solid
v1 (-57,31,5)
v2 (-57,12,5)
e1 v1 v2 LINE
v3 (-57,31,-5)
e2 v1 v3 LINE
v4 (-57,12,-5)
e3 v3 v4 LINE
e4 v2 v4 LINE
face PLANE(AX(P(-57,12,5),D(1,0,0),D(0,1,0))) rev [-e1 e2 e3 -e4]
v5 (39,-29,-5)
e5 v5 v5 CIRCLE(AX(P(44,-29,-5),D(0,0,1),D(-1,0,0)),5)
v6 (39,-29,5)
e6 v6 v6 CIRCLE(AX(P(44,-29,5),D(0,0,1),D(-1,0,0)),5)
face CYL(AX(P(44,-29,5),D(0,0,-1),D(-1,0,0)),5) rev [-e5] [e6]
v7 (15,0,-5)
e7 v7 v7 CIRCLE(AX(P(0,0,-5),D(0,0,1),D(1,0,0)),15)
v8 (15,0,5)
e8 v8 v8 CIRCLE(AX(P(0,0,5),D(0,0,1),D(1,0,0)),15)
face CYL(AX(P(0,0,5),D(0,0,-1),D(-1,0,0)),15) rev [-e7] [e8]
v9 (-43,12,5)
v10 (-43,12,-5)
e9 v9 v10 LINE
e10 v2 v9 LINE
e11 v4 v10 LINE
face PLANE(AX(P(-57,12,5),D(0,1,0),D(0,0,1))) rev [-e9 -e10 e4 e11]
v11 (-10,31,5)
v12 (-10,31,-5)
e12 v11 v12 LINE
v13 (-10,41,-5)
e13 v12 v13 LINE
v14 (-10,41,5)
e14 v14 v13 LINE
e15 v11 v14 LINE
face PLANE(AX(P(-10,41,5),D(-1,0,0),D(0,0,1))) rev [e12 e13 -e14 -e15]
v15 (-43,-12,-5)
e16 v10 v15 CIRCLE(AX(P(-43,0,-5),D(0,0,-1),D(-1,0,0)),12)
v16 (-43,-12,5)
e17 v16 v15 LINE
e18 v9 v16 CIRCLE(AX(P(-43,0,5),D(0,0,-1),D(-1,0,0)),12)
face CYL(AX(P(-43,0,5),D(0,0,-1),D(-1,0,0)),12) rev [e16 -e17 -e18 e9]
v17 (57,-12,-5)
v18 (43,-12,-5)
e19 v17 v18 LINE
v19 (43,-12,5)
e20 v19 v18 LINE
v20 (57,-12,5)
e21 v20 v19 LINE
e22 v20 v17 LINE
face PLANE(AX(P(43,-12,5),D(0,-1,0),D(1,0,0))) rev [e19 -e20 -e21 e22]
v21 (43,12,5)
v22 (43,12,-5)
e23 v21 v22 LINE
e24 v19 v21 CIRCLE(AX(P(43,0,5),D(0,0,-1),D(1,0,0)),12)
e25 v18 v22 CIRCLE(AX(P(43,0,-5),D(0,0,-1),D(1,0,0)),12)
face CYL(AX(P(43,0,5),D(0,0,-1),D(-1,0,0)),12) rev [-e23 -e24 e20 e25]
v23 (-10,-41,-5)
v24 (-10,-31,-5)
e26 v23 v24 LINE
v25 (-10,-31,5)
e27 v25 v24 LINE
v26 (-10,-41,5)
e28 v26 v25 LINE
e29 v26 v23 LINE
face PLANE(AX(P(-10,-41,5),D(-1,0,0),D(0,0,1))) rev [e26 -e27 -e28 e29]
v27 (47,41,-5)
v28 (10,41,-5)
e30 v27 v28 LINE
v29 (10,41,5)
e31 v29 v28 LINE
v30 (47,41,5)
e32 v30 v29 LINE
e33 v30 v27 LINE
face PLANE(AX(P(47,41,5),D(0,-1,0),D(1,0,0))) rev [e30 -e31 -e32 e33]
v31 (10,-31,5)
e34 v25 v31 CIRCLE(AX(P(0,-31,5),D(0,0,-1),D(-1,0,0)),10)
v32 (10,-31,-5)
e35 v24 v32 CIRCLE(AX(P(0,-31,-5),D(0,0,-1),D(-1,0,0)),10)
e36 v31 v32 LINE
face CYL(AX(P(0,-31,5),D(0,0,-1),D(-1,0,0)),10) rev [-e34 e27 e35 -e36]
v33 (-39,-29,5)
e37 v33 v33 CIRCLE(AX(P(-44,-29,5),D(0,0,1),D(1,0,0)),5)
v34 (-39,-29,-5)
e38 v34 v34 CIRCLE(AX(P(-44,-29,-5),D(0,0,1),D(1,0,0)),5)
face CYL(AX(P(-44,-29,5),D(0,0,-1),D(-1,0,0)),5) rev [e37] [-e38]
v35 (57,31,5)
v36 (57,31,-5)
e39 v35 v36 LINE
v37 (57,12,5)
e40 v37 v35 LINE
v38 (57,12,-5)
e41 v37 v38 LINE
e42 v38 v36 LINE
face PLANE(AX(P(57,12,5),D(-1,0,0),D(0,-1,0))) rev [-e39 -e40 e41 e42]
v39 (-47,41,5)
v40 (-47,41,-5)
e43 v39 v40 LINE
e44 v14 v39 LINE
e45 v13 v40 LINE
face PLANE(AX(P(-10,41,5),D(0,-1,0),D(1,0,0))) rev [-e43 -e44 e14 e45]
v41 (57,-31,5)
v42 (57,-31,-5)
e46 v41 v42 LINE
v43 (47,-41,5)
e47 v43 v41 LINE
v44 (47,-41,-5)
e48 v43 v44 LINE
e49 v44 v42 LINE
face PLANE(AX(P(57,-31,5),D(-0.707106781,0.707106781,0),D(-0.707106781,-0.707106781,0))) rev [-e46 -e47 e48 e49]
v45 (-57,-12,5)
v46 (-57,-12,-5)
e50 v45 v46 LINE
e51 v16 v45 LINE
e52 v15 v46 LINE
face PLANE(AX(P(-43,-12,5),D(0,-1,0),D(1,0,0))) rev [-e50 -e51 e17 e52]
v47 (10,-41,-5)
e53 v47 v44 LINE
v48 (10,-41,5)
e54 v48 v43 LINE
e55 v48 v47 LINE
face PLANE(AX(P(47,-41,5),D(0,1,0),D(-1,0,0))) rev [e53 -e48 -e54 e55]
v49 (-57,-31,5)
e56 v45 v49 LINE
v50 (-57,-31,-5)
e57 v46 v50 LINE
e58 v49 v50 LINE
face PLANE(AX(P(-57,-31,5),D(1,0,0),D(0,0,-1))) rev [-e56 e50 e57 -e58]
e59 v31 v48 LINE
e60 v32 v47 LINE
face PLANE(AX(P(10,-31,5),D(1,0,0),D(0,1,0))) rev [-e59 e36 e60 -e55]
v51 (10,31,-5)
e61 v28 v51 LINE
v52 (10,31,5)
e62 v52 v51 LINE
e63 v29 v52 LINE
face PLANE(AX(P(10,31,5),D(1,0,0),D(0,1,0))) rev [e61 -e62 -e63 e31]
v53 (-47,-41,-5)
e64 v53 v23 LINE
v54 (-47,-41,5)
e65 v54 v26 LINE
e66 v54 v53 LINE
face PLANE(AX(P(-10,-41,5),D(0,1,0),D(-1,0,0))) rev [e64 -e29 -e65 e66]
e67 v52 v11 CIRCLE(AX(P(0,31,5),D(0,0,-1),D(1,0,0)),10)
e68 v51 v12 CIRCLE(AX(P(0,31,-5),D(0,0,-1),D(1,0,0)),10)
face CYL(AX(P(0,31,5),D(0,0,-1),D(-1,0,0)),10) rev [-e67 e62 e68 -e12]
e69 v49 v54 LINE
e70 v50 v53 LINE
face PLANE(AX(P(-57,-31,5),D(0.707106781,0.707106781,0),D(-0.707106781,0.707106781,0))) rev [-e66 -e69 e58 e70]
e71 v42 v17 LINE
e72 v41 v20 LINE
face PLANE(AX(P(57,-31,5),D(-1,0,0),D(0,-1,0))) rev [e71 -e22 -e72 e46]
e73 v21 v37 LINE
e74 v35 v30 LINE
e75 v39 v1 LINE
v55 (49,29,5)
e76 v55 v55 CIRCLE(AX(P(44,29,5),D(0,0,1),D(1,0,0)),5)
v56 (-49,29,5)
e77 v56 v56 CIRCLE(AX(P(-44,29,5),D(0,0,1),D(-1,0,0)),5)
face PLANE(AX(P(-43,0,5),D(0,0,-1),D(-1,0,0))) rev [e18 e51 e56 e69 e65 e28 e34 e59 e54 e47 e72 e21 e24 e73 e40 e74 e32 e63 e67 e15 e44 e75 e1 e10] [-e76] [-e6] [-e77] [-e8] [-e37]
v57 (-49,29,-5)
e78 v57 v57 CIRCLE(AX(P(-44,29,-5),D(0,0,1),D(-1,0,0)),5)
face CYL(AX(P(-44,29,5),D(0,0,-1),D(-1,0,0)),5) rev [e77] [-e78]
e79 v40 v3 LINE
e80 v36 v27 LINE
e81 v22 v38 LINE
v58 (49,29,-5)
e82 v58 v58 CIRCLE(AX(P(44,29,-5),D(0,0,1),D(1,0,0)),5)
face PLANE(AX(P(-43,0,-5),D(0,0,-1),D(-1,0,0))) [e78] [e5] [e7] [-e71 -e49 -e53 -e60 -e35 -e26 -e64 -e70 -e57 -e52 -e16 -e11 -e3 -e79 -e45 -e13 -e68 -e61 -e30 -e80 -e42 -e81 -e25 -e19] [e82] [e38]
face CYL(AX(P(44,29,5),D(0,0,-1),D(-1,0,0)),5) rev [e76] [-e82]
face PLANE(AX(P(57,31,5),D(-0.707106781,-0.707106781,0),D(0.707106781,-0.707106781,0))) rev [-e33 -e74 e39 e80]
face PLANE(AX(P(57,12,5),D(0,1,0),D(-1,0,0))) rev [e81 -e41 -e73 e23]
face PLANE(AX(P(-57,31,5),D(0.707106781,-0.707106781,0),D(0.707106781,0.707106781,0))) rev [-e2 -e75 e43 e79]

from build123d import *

# Parameters (mm, degrees)
SKETCH1_R           = 5
SKETCH1_R_2         = 15
BOSS_EXTRUDE1_DEPTH = 5


with BuildPart() as part:
    # Sketch1 → Boss-Extrude1 (new, symmetric)
    with BuildSketch(Plane.XY):
        with BuildLine():
            Line((-57, -31), (-47, -41))
            Line((-47, -41), (-10, -41))
            Line((-10, -41), (-10, -31))
            ThreePointArc((-10, -31), (0, -21), (10, -31))
            Line((10, -31), (10, -41))
            Line((10, -41), (47, -41))
            Line((47, -41), (57, -31))
            Line((57, -31), (57, -12))
            Line((57, -12), (43, -12))
            ThreePointArc((43, -12), (31, 0), (43, 12))
            Line((43, 12), (57, 12))
            Line((57, 12), (57, 31))
            Line((57, 31), (47, 41))
            Line((47, 41), (10, 41))
            Line((10, 41), (10, 31))
            ThreePointArc((10, 31), (0, 21), (-10, 31))
            Line((-10, 31), (-10, 41))
            Line((-10, 41), (-47, 41))
            Line((-47, 41), (-57, 31))
            Line((-57, 31), (-57, 12))
            Line((-57, 12), (-43, 12))
            ThreePointArc((-43, 12), (-31, 0), (-43, -12))
            Line((-43, -12), (-57, -12))
            Line((-57, -12), (-57, -31))
        make_face()
        with Locations((-44, -29)):
            Circle(SKETCH1_R, mode=Mode.SUBTRACT)
        with Locations(Location((-44, 29, 0), (0, 0, 180))):
            Circle(SKETCH1_R, mode=Mode.SUBTRACT)
        with Locations(Location((44, -29, 0), (0, 0, 180))):
            Circle(SKETCH1_R, mode=Mode.SUBTRACT)
        with Locations((44, 29)):
            Circle(SKETCH1_R, mode=Mode.SUBTRACT)
        Circle(SKETCH1_R_2, mode=Mode.SUBTRACT)
    extrude(amount=BOSS_EXTRUDE1_DEPTH, both=True)


solid = part.part
